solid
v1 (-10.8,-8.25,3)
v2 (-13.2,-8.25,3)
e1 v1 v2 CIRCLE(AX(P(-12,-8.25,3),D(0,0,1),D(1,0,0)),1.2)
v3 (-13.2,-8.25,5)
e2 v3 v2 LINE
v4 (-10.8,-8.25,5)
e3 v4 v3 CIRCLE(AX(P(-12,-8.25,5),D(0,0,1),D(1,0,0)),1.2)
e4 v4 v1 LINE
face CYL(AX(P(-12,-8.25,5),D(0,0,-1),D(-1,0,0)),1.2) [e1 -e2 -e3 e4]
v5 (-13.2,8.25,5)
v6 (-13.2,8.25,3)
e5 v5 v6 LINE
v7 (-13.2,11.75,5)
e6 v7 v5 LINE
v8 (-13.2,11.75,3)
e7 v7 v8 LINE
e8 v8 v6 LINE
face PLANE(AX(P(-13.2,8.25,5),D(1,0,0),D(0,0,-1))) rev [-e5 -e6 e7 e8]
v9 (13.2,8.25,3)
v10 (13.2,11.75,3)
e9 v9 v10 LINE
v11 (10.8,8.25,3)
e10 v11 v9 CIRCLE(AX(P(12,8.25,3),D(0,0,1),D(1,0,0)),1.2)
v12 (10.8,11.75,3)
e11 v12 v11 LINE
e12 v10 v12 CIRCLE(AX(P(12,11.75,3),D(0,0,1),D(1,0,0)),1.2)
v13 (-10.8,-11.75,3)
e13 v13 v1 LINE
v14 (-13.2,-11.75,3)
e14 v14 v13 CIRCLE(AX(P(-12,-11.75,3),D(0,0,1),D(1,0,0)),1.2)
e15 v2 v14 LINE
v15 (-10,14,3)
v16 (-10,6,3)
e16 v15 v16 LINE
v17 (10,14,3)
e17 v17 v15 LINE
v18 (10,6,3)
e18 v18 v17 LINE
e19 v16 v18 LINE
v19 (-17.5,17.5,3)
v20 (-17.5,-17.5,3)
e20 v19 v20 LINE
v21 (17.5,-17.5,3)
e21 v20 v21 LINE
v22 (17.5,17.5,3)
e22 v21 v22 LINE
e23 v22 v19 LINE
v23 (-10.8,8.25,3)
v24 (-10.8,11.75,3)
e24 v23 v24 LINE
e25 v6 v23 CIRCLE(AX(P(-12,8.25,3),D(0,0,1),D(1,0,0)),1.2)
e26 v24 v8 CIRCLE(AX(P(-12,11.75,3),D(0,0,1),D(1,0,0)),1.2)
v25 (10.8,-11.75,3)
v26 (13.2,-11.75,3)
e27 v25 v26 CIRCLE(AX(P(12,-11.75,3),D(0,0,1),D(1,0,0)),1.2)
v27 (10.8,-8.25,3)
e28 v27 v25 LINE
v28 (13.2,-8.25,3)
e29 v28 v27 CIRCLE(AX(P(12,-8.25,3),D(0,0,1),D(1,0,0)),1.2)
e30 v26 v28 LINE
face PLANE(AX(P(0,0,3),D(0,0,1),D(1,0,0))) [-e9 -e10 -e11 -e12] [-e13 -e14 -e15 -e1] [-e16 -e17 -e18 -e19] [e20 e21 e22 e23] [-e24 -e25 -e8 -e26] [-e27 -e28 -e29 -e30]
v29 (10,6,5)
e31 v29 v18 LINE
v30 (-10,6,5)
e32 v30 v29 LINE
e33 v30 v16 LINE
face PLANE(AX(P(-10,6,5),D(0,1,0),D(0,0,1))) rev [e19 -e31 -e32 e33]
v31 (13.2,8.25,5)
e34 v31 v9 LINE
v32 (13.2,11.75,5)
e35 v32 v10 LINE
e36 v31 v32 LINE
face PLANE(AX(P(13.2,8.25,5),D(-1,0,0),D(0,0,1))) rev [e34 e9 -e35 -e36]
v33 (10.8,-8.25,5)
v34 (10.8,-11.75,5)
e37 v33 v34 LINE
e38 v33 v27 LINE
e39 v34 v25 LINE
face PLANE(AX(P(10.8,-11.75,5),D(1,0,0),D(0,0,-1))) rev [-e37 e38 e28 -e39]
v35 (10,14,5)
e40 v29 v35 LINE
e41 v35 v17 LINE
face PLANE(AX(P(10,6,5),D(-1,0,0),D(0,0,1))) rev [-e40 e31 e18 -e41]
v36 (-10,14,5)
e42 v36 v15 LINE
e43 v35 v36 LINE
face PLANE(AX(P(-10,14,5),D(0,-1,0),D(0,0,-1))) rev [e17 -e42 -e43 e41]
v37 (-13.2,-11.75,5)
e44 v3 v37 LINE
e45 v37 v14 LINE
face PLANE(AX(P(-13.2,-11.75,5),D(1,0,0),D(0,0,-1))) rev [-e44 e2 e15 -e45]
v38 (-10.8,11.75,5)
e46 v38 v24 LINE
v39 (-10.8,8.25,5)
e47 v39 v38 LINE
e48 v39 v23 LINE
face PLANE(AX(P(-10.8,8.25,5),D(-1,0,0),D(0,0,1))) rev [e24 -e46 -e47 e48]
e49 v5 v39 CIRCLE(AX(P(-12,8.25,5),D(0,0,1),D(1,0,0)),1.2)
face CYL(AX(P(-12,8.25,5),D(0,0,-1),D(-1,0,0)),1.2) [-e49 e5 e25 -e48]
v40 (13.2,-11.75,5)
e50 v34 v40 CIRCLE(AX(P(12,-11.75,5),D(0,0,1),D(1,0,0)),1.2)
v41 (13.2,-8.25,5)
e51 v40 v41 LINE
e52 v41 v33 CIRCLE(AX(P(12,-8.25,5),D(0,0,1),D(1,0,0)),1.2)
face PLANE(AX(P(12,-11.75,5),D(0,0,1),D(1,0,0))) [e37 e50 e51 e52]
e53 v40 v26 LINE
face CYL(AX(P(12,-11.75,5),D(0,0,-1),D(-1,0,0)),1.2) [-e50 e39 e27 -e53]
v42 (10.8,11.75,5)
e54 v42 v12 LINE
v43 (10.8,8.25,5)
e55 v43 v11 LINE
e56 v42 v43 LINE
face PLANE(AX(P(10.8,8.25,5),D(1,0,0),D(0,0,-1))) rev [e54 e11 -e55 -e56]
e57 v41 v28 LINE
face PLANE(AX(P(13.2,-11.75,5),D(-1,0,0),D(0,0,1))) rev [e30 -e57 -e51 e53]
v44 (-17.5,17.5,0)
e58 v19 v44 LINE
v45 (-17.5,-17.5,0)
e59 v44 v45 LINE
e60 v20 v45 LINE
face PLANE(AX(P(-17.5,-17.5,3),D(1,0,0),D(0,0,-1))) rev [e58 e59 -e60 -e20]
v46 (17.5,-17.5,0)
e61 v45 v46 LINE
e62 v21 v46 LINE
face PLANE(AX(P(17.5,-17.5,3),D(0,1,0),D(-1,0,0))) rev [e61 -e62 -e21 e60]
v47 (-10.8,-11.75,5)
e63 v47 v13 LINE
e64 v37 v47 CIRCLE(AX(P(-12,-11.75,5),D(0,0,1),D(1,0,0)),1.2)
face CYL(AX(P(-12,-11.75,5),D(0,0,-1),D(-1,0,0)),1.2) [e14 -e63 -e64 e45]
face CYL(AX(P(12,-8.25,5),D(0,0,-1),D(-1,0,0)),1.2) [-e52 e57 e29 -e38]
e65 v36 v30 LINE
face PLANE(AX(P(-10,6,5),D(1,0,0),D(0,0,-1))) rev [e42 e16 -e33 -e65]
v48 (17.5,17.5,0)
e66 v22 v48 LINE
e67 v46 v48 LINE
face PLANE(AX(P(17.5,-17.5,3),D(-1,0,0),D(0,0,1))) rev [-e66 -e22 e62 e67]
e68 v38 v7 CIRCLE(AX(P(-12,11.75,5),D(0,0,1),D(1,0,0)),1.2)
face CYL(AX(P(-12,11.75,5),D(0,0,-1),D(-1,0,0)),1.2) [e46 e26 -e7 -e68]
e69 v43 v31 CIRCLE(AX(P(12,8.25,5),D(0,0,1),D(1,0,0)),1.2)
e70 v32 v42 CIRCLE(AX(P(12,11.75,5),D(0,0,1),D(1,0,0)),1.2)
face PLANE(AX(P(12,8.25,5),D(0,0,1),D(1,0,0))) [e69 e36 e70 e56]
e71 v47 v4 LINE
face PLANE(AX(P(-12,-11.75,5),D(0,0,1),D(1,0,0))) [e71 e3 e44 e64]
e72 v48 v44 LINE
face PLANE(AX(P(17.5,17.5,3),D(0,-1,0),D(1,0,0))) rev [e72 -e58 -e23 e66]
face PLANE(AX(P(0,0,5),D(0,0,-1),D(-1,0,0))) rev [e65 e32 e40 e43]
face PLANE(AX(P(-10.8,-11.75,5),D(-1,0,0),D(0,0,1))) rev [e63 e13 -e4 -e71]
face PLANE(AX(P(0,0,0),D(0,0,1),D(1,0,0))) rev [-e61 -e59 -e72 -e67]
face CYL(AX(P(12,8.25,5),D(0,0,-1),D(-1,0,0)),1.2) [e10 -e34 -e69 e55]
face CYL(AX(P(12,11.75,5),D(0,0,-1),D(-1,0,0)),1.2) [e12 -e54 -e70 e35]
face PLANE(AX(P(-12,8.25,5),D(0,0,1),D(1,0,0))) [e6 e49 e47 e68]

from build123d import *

# Parameters (mm, degrees)
SKETCH2_W           = 35
SKETCH2_H           = 35
BOSS_EXTRUDE1_DEPTH = 3
SKETCH3_W           = 20
SKETCH3_H           = 8
BOSS_EXTRUDE2_DEPTH = 2


with BuildPart() as part:
    # Sketch2 → Boss-Extrude1 (new body)
    with BuildSketch(Plane.XY):
        Rectangle(SKETCH2_W, SKETCH2_H)
    extrude(amount=BOSS_EXTRUDE1_DEPTH)

    # Sketch3 → Boss-Extrude2 (add)
    with BuildSketch(Plane.XY.offset(3)):
        with BuildLine():
            Line((-13.2, 8.25), (-13.2, 11.75))
            ThreePointArc((-13.2, 11.75), (-12, 12.95), (-10.8, 11.75))
            Line((-10.8, 11.75), (-10.8, 8.25))
            ThreePointArc((-10.8, 8.25), (-12, 7.05), (-13.2, 8.25))
        make_face()
        with BuildLine():
            Line((-13.2, -11.75), (-13.2, -8.25))
            ThreePointArc((-13.2, -8.25), (-12, -7.05), (-10.8, -8.25))
            Line((-10.8, -8.25), (-10.8, -11.75))
            ThreePointArc((-10.8, -11.75), (-12, -12.95), (-13.2, -11.75))
        make_face()
        with BuildLine():
            Line((10.8, -11.75), (10.8, -8.25))
            ThreePointArc((10.8, -8.25), (12, -7.05), (13.2, -8.25))
            Line((13.2, -8.25), (13.2, -11.75))
            ThreePointArc((13.2, -11.75), (12, -12.95), (10.8, -11.75))
        make_face()
        with BuildLine():
            Line((10.8, 8.25), (10.8, 11.75))
            ThreePointArc((10.8, 11.75), (12, 12.95), (13.2, 11.75))
            Line((13.2, 11.75), (13.2, 8.25))
            ThreePointArc((13.2, 8.25), (12, 7.05), (10.8, 8.25))
        make_face()
        with Locations((0, 10)):
            Rectangle(SKETCH3_W, SKETCH3_H)
    extrude(amount=BOSS_EXTRUDE2_DEPTH)


solid = part.part
